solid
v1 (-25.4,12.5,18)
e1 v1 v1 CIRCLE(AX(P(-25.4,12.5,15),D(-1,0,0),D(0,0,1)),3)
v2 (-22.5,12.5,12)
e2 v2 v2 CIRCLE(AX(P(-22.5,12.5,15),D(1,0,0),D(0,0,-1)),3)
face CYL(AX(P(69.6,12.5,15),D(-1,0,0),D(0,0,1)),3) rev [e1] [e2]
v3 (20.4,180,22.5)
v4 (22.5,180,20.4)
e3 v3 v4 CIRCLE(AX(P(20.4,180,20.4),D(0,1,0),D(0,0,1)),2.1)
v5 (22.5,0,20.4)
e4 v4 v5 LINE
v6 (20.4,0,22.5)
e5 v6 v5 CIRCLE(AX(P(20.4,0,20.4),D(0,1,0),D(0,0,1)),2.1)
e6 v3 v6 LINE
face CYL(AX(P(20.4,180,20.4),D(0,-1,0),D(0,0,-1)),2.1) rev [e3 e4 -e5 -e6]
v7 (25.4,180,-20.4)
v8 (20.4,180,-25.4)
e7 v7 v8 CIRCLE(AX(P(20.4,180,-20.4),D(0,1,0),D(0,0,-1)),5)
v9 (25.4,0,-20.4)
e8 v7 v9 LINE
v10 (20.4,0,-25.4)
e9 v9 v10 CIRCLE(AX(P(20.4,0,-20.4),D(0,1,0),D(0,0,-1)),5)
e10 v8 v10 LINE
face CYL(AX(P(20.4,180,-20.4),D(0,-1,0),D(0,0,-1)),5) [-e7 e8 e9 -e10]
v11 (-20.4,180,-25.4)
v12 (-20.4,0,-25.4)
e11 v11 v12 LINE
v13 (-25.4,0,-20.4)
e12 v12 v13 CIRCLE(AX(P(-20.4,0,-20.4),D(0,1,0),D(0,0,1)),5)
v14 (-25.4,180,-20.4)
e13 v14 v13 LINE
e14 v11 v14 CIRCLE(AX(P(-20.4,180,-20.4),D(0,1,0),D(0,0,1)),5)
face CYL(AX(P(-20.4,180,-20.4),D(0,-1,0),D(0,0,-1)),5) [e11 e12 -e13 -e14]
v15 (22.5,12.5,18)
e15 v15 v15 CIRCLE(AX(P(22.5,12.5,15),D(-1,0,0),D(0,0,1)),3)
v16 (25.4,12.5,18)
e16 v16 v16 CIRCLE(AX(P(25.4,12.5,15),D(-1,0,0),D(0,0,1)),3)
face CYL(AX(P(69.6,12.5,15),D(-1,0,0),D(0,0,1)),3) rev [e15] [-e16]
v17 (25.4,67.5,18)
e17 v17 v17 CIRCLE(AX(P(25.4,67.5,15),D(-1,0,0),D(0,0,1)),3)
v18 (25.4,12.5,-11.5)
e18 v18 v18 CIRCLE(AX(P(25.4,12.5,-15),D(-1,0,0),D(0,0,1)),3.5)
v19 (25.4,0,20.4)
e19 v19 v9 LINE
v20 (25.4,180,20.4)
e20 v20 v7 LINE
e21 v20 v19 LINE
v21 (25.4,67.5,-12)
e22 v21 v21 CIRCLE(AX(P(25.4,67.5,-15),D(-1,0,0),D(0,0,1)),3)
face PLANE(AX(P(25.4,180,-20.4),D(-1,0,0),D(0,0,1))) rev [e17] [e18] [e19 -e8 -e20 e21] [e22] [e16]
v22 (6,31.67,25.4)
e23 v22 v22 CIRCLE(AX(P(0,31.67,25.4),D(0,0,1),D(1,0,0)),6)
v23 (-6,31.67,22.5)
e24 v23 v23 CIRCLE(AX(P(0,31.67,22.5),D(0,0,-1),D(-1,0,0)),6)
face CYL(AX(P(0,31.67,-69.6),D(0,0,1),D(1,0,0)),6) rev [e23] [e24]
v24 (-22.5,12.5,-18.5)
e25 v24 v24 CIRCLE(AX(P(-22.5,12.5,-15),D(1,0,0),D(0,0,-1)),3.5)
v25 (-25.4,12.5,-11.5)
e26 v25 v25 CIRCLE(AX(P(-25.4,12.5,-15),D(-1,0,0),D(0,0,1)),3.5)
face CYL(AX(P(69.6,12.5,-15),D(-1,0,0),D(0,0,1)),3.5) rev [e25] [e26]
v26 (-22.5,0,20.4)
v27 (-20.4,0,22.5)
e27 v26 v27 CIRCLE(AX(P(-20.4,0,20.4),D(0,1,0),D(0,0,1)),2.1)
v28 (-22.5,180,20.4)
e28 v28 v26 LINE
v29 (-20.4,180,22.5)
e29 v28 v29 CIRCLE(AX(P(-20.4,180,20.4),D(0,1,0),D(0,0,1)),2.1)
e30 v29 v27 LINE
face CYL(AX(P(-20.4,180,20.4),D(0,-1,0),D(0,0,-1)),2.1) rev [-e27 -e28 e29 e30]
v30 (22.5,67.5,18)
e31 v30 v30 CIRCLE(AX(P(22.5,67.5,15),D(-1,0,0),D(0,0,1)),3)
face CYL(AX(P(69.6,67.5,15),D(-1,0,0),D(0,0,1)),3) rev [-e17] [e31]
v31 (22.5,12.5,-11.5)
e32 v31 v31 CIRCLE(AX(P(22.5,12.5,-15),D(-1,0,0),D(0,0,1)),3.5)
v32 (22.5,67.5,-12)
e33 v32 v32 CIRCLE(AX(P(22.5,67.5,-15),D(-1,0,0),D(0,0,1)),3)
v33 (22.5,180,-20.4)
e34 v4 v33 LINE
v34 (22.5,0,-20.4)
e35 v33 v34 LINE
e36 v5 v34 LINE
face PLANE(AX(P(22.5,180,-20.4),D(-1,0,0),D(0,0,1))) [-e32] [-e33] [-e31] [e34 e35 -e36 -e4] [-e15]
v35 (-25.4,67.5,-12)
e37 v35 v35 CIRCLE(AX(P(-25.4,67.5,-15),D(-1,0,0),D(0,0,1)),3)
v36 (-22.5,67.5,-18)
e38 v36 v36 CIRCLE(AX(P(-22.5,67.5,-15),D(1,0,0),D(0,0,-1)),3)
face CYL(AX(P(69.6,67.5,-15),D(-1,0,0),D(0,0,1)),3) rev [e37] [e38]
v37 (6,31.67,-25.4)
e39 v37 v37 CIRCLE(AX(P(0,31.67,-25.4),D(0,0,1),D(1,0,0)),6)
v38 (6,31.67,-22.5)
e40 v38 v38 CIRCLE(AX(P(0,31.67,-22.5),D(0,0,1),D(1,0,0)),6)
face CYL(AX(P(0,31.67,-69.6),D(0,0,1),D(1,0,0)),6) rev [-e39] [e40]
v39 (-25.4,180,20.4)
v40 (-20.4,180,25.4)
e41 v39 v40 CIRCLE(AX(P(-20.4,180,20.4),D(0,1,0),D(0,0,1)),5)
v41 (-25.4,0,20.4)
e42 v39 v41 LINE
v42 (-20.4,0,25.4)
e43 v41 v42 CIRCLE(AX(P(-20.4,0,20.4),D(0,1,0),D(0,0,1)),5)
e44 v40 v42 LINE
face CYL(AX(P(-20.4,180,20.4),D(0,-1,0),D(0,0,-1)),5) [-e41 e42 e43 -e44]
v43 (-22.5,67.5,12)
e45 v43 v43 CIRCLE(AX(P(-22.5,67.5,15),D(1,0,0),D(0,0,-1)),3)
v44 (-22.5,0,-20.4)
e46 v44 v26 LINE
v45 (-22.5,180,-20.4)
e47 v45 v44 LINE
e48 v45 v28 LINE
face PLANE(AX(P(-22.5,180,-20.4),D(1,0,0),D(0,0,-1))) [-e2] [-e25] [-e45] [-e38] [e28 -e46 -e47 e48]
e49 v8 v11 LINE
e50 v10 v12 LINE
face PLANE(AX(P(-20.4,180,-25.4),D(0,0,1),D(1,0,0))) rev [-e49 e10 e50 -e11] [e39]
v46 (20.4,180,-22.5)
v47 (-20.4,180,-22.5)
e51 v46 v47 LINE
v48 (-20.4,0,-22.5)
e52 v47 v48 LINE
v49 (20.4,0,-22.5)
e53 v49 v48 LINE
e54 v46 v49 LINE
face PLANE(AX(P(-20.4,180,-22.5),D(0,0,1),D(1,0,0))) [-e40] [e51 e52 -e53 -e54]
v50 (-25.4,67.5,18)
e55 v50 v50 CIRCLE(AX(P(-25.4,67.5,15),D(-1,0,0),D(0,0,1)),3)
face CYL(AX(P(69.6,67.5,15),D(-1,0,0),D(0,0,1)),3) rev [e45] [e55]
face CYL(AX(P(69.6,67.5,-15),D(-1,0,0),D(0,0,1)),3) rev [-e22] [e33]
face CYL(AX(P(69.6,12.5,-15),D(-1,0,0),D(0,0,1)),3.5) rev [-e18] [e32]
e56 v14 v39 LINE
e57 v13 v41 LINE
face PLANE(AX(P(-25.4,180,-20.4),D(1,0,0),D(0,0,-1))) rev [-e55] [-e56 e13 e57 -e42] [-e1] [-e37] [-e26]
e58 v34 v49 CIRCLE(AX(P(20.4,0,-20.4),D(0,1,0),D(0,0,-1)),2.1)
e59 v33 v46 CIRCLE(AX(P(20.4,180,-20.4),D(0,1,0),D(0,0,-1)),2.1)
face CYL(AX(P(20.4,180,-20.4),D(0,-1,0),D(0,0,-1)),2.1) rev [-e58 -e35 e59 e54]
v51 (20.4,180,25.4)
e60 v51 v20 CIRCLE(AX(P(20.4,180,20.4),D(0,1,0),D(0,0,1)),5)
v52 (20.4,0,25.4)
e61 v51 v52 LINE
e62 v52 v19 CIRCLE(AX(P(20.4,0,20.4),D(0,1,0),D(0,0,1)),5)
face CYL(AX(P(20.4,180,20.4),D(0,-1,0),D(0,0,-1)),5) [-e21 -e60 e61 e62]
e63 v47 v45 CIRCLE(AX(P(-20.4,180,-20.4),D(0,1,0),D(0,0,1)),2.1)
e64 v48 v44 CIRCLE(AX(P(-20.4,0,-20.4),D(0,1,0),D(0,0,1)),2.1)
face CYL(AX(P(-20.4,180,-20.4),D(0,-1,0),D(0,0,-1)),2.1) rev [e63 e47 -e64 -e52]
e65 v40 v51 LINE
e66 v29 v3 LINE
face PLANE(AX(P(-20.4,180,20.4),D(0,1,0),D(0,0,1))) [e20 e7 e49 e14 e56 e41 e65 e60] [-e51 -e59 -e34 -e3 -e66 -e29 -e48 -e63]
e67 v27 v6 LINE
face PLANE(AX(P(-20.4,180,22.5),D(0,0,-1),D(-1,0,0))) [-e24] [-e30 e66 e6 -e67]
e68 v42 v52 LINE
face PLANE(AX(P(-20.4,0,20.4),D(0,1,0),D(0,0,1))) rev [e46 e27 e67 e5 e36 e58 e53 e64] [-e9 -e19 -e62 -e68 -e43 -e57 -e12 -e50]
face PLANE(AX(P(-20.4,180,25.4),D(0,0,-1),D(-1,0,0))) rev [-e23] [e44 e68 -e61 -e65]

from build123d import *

# Parameters (mm, degrees)
BOSS_EXTRUDE1_DEPTH = 180
SKETCH3_R           = 3
SKETCH3_R_2         = 3.5
CUT_EXTRUDE1_DEPTH  = 95
SKETCH4_R           = 6
CUT_EXTRUDE2_DEPTH  = 95


with BuildPart() as part:
    # Sketch1 → Boss-Extrude1 (new body)
    with BuildSketch(Plane(origin=(0, 0, 0), x_dir=(1, 0, 0), z_dir=(0, 1, 0))):
        with BuildLine():
            Line((-20.4, 25.4), (20.4, 25.4))
            ThreePointArc((20.4, 25.4), (23.935533906, 23.935533906), (25.4, 20.4))
            Line((25.4, 20.4), (25.4, -20.4))
            ThreePointArc((25.4, -20.4), (23.935533906, -23.935533906), (20.4, -25.4))
            Line((20.4, -25.4), (-20.4, -25.4))
            ThreePointArc((-20.4, -25.4), (-23.935533906, -23.935533906), (-25.4, -20.4))
            Line((-25.4, -20.4), (-25.4, 20.4))
            ThreePointArc((-25.4, 20.4), (-23.935533906, 23.935533906), (-20.4, 25.4))
        make_face()
        with BuildLine():
            Line((-22.5, 20.4), (-22.5, -20.4))
            ThreePointArc((-22.5, -20.4), (-21.88492424, -21.88492424), (-20.4, -22.5))
            Line((-20.4, -22.5), (20.4, -22.5))
            ThreePointArc((20.4, -22.5), (21.88492424, -21.88492424), (22.5, -20.4))
            Line((22.5, -20.4), (22.5, 20.4))
            ThreePointArc((22.5, 20.4), (21.88492424, 21.88492424), (20.4, 22.5))
            Line((20.4, 22.5), (-20.4, 22.5))
            ThreePointArc((-20.4, 22.5), (-21.88492424, 21.88492424), (-22.5, 20.4))
        make_face(mode=Mode.SUBTRACT)
    extrude(amount=BOSS_EXTRUDE1_DEPTH)

    # Sketch3 → Cut-Extrude1 (cut)
    with BuildSketch(Plane.ZY.offset(25.4)):
        with Locations((-15, 67.5)):
            Circle(SKETCH3_R)
        with Locations((15, 67.5)):
            Circle(SKETCH3_R)
        with Locations((-15, 12.5)):
            Circle(SKETCH3_R_2)
        with Locations((15, 12.5)):
            Circle(SKETCH3_R)
    extrude(amount=-CUT_EXTRUDE1_DEPTH, mode=Mode.SUBTRACT)

    # Sketch4 → Cut-Extrude2 (cut)
    with BuildSketch(Plane.XY.offset(25.4)):
        with Locations((0, 31.67)):
            Circle(SKETCH4_R)
    extrude(amount=-CUT_EXTRUDE2_DEPTH, mode=Mode.SUBTRACT)


solid = part.part
